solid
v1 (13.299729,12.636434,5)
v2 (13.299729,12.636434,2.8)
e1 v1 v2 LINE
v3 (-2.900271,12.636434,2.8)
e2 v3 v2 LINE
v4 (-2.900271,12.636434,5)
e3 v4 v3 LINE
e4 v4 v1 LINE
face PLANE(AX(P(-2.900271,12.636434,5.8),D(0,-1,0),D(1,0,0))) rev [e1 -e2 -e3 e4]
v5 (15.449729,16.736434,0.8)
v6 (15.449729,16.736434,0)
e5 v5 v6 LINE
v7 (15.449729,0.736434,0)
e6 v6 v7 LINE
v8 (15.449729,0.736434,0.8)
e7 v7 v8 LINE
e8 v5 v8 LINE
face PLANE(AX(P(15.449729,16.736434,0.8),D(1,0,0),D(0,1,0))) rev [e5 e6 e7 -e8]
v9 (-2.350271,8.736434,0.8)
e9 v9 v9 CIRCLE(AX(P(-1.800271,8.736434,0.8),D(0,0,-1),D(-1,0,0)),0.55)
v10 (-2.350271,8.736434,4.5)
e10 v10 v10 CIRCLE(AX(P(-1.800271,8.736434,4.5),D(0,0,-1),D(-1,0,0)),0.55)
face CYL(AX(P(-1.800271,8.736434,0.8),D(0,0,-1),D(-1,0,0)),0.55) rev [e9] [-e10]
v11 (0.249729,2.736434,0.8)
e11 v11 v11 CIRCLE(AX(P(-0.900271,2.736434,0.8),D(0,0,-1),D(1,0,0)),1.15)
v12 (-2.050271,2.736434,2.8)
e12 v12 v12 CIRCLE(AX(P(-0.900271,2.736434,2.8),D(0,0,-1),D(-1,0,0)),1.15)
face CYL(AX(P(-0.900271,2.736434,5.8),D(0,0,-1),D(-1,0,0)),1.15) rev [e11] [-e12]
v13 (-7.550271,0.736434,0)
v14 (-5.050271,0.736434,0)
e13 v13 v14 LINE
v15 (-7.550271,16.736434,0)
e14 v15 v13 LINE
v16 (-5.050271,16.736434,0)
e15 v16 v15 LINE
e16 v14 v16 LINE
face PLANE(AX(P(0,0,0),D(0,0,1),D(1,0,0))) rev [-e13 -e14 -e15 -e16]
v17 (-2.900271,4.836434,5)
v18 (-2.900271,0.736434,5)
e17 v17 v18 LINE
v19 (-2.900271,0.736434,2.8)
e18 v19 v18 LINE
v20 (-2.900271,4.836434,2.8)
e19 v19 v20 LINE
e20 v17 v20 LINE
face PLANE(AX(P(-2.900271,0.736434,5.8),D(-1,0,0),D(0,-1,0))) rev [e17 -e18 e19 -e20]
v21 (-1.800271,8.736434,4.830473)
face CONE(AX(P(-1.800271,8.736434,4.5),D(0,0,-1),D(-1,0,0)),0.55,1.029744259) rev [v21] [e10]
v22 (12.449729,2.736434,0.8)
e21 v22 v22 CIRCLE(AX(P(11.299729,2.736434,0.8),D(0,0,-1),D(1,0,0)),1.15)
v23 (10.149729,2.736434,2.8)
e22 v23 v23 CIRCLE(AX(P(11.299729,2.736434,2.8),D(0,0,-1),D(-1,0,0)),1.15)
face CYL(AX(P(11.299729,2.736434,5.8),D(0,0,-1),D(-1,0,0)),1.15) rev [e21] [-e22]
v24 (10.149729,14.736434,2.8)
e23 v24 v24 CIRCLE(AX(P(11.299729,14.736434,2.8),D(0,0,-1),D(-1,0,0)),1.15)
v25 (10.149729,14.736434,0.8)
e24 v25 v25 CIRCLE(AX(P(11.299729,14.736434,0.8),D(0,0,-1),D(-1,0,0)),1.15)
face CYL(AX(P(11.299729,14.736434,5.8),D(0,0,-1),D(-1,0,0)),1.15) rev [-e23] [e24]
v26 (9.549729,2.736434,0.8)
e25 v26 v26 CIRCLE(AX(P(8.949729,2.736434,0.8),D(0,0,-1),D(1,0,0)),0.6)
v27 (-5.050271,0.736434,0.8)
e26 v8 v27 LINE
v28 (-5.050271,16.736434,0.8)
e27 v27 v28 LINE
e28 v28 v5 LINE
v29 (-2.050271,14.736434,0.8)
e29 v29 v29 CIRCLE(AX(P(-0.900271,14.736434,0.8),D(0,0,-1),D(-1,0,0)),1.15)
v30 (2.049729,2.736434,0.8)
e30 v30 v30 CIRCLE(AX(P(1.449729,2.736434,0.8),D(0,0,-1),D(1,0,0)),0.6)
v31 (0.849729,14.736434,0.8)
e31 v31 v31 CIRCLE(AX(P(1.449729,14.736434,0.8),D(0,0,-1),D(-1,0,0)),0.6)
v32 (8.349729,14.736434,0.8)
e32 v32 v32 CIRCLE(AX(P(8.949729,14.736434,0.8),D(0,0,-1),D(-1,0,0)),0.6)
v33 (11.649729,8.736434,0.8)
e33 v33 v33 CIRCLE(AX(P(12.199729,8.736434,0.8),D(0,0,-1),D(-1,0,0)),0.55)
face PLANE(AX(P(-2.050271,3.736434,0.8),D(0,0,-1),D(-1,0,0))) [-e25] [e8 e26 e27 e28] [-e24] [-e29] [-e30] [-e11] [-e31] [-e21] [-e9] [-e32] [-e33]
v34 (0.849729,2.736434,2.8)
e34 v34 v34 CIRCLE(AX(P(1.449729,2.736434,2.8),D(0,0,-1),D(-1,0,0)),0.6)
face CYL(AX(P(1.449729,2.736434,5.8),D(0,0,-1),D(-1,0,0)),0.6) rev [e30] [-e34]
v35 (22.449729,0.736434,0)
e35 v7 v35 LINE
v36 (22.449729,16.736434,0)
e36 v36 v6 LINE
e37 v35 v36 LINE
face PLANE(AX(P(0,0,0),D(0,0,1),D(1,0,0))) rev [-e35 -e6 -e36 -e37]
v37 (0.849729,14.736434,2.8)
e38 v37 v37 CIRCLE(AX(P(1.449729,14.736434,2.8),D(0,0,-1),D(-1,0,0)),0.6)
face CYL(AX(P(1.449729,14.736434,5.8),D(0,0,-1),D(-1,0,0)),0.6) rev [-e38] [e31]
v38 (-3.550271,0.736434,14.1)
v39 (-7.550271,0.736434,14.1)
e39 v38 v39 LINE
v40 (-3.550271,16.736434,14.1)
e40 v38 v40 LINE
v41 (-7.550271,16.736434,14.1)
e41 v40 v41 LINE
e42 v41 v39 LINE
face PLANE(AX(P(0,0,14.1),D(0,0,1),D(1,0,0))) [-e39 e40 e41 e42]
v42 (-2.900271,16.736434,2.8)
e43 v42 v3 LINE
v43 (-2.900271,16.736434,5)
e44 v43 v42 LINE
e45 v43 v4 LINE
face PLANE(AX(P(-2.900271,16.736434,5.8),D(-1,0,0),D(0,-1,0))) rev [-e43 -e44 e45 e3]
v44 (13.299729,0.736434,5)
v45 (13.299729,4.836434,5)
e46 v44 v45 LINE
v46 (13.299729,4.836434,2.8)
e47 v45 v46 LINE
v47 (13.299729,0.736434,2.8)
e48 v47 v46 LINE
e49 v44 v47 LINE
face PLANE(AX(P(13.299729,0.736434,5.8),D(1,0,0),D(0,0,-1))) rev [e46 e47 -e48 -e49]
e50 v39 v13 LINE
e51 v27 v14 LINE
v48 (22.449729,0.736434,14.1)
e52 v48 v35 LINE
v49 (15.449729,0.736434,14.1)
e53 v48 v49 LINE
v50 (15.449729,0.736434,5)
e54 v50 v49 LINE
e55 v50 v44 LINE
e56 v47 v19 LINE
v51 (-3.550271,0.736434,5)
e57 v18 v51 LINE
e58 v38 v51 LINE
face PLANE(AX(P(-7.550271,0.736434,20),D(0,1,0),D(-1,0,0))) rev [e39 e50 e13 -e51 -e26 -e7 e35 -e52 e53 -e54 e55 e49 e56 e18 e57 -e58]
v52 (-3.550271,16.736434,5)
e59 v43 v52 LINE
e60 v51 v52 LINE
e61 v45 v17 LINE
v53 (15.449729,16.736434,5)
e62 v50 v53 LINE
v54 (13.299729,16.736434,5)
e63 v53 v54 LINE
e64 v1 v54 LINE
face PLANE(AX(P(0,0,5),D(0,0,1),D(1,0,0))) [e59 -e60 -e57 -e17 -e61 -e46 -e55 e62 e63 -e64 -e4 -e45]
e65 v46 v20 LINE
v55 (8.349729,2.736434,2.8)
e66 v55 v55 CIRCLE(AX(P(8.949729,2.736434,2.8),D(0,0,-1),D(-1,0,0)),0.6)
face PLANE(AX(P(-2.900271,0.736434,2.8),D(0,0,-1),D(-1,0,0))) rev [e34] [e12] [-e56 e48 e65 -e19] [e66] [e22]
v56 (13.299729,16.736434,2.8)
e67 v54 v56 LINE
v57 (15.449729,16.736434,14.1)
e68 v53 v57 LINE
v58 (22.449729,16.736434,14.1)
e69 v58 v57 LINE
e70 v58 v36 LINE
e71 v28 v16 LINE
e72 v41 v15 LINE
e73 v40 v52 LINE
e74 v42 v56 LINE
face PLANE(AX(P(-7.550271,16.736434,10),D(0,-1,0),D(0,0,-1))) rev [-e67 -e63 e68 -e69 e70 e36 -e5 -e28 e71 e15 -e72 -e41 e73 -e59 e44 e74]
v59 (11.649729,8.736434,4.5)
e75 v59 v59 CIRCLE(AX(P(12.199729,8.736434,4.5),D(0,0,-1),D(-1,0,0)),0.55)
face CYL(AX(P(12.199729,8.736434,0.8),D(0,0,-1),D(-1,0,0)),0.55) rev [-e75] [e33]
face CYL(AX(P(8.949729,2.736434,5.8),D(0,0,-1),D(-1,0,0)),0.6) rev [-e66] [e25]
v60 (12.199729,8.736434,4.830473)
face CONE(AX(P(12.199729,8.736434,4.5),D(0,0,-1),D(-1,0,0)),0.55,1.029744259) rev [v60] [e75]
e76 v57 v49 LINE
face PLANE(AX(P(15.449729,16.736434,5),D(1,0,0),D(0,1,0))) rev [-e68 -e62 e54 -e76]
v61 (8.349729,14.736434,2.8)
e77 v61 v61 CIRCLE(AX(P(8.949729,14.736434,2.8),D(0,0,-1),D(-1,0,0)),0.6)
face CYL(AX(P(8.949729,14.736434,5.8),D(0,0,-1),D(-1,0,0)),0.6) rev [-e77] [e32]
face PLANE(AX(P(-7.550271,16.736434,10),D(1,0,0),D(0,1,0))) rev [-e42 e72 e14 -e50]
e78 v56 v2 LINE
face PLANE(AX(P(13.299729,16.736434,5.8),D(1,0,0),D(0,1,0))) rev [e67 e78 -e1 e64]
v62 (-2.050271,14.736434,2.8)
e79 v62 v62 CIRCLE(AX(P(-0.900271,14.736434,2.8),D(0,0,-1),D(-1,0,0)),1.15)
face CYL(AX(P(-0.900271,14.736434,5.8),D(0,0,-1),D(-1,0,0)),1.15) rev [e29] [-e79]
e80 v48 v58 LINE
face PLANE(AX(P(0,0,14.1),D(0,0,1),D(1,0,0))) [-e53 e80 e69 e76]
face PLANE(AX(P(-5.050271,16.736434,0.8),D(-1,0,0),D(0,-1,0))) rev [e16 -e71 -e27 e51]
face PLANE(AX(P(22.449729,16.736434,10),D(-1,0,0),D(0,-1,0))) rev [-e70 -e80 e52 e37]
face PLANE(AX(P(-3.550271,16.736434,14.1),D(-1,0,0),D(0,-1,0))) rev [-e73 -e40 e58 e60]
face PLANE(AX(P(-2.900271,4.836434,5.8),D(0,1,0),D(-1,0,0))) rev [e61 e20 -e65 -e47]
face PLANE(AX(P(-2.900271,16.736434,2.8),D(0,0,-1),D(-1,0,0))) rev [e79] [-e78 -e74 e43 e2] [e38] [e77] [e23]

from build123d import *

# Parameters (mm, degrees)
SKETCH_1_W           = 30
SKETCH_1_H           = 28
EXTRUDE_1_DEPTH      = 10
CUT_EXTRUDE_2_DEPTH  = 0.8
M1_4X0_3_2_D         = 1.1
M1_4X0_3_2_DEPTH     = 3.7
M1_4X0_3_2_TIP       = 0.33047334
SKETCH_12_W          = 30
SKETCH_12_H          = 4.25
CUT_EXTRUDE_5_DEPTH  = 10
SKETCH_14_W          = 23
SKETCH_14_H          = 23.75
CUT_EXTRUDE_7_DEPTH  = 5
SKETCH_23_W          = 4
SKETCH_23_H          = 23.75
EXTRUDE_4_DEPTH      = 9.1
SKETCH_31_W          = 7
SKETCH_31_H          = 23.75
EXTRUDE_6_DEPTH      = 4.1
SKETCH_32_W          = 30
SKETCH_32_H          = 7.75
CUT_EXTRUDE_13_DEPTH = 20
SKETCH_33_W          = 3
SKETCH_33_H          = 0.8
CUT_EXTRUDE_14_DEPTH = 10
SKETCH_24_W          = 16.2
SKETCH_24_H          = 4.1
CUT_EXTRUDE_10_DEPTH = 5
SKETCH_29_W          = 16.2
SKETCH_29_H          = 2
EXTRUDE_5_DEPTH      = 4.1
SKETCH_35_W          = 16.2
SKETCH_35_H          = 2
EXTRUDE_7_DEPTH      = 4.1
SKETCH_30_R          = 1.15
SKETCH_30_R_2        = 0.6
CUT_EXTRUDE_12_DEPTH = 5


with BuildPart() as part:
    # 草图1 → 凸台-拉伸1 (new body)
    with BuildSketch(Plane.XY):
        with Locations((7.449728974, 2.736434109)):
            Rectangle(SKETCH_1_W, SKETCH_1_H)
    extrude(amount=EXTRUDE_1_DEPTH)

    # 草图2 → 切除-拉伸2 (cut)
    with BuildSketch(Plane(origin=(0, 0, 0), x_dir=(-1, 0, 0), z_dir=(0, 0, -1))):
        with BuildLine():
            Line((5.050271026, 16.736434109), (-15.449728974, 16.736434109))
            Line((-15.449728974, 16.736434109), (-15.449728974, 3.736434109))
            ThreePointArc((-15.449728974, 3.736434109), (-14.571049317, 1.615113765), (-12.449728974, 0.736434109))
            Line((-12.449728974, 0.736434109), (2.050271026, 0.736434109))
            ThreePointArc((2.050271026, 0.736434109), (4.17159137, 1.615113765), (5.050271026, 3.736434109))
            Line((5.050271026, 3.736434109), (5.050271026, 16.736434109))
        make_face()
    extrude(amount=-CUT_EXTRUDE_2_DEPTH, mode=Mode.SUBTRACT)

    # M1.4x0.3 螺纹孔2
    with Locations(Plane(origin=(0, 0, 0.8), x_dir=(-1, 0, 0), z_dir=(0, 0, -1))):
        with Locations((-12.199728974, 8.736434109), (1.800271026, 8.736434109)):
            Hole(M1_4X0_3_2_D / 2, depth=M1_4X0_3_2_DEPTH)
            with Locations((0, 0, -(M1_4X0_3_2_DEPTH + M1_4X0_3_2_TIP / 2))):  # 118° drill point
                Cone(0, M1_4X0_3_2_D / 2, M1_4X0_3_2_TIP, mode=Mode.SUBTRACT)

    # 草图12 → 切除-拉伸5 (cut)
    with BuildSketch(Plane(origin=(0, 0, 0), x_dir=(-1, 0, 0), z_dir=(0, 0, -1))):
        with Locations((-7.449728974, -9.138565891)):
            Rectangle(SKETCH_12_W, SKETCH_12_H)
    extrude(amount=-CUT_EXTRUDE_5_DEPTH, mode=Mode.SUBTRACT)

    # 草图14 → 切除-拉伸7 (cut)
    with BuildSketch(Plane.XY.offset(10)):
        with Locations((3.949728974, 4.861434109)):
            Rectangle(SKETCH_14_W, SKETCH_14_H)
    extrude(amount=-CUT_EXTRUDE_7_DEPTH, mode=Mode.SUBTRACT)

    # 草图23 → 凸台-拉伸4 (add)
    with BuildSketch(Plane.XY.offset(5)):
        with Locations((-5.550271026, 4.861434109)):
            Rectangle(SKETCH_23_W, SKETCH_23_H)
    extrude(amount=EXTRUDE_4_DEPTH)

    # 草图31 → 凸台-拉伸6 (add)
    with BuildSketch(Plane.XY.offset(10)):
        with Locations((18.949728974, 4.861434109)):
            Rectangle(SKETCH_31_W, SKETCH_31_H)
    extrude(amount=EXTRUDE_6_DEPTH)

    # 草图32 → 切除-拉伸13 (cut)
    with BuildSketch(Plane(origin=(0, 0, 0), x_dir=(-1, 0, 0), z_dir=(0, 0, -1))):
        with Locations((-7.449728974, -3.138565891)):
            Rectangle(SKETCH_32_W, SKETCH_32_H)
    extrude(amount=-CUT_EXTRUDE_13_DEPTH, mode=Mode.SUBTRACT)

    # 草图33 → 切除-拉伸14 (cut)
    with BuildSketch(Plane.XZ.offset(-0.736434109)):
        with Locations((-3.550271026, 0.4)):
            Rectangle(SKETCH_33_W, SKETCH_33_H)
        with Locations((13.949728974, 0.4)):
            Rectangle(SKETCH_33_W, SKETCH_33_H)
    extrude(amount=-CUT_EXTRUDE_14_DEPTH, mode=Mode.SUBTRACT)

    # 草图24 → 切除-拉伸10 (cut)
    with BuildSketch(Plane(origin=(0, 0, 0.8), x_dir=(-1, 0, 0), z_dir=(0, 0, -1))):
        with Locations((-5.199728974, 14.686434109)):
            Rectangle(SKETCH_24_W, SKETCH_24_H)
        with Locations((-5.199728974, 2.786434109)):
            Rectangle(SKETCH_24_W, SKETCH_24_H)
    extrude(amount=-CUT_EXTRUDE_10_DEPTH, mode=Mode.SUBTRACT)

    # 草图29 → 凸台-拉伸5 (add)
    with BuildSketch(Plane(origin=(0, 12.636434109, 0), x_dir=(1, 0, 0), z_dir=(0, 1, 0))):
        with Locations((5.199728974, -1.8)):
            Rectangle(SKETCH_29_W, SKETCH_29_H)
    extrude(amount=EXTRUDE_5_DEPTH)

    # 草图35 → 凸台-拉伸7 (add)
    with BuildSketch(Plane.XZ.offset(-4.836434109)):
        with Locations((5.199728974, 1.8)):
            Rectangle(SKETCH_35_W, SKETCH_35_H)
    extrude(amount=EXTRUDE_7_DEPTH)

    # 草图30 → 切除-拉伸12 (cut)
    with BuildSketch(Plane(origin=(0, 0, 0.8), x_dir=(-1, 0, 0), z_dir=(0, 0, -1))):
        with Locations((0.900271026, 14.736434109)):
            Circle(SKETCH_30_R)
        with Locations((-11.299728974, 14.736434109)):
            Circle(SKETCH_30_R)
        with Locations((-8.949728974, 2.736434109)):
            Circle(SKETCH_30_R_2)
        with Locations((-1.449728974, 14.736434109)):
            Circle(SKETCH_30_R_2)
        with Locations((-8.949728974, 14.736434109)):
            Circle(SKETCH_30_R_2)
        with Locations((-1.449728974, 2.736434109)):
            Circle(SKETCH_30_R_2)
        with Locations((-11.299728974, 2.736434109)):
            Circle(SKETCH_30_R)
        with Locations((0.900271026, 2.736434109)):
            Circle(SKETCH_30_R)
    extrude(amount=-CUT_EXTRUDE_12_DEPTH, mode=Mode.SUBTRACT)


solid = part.part
